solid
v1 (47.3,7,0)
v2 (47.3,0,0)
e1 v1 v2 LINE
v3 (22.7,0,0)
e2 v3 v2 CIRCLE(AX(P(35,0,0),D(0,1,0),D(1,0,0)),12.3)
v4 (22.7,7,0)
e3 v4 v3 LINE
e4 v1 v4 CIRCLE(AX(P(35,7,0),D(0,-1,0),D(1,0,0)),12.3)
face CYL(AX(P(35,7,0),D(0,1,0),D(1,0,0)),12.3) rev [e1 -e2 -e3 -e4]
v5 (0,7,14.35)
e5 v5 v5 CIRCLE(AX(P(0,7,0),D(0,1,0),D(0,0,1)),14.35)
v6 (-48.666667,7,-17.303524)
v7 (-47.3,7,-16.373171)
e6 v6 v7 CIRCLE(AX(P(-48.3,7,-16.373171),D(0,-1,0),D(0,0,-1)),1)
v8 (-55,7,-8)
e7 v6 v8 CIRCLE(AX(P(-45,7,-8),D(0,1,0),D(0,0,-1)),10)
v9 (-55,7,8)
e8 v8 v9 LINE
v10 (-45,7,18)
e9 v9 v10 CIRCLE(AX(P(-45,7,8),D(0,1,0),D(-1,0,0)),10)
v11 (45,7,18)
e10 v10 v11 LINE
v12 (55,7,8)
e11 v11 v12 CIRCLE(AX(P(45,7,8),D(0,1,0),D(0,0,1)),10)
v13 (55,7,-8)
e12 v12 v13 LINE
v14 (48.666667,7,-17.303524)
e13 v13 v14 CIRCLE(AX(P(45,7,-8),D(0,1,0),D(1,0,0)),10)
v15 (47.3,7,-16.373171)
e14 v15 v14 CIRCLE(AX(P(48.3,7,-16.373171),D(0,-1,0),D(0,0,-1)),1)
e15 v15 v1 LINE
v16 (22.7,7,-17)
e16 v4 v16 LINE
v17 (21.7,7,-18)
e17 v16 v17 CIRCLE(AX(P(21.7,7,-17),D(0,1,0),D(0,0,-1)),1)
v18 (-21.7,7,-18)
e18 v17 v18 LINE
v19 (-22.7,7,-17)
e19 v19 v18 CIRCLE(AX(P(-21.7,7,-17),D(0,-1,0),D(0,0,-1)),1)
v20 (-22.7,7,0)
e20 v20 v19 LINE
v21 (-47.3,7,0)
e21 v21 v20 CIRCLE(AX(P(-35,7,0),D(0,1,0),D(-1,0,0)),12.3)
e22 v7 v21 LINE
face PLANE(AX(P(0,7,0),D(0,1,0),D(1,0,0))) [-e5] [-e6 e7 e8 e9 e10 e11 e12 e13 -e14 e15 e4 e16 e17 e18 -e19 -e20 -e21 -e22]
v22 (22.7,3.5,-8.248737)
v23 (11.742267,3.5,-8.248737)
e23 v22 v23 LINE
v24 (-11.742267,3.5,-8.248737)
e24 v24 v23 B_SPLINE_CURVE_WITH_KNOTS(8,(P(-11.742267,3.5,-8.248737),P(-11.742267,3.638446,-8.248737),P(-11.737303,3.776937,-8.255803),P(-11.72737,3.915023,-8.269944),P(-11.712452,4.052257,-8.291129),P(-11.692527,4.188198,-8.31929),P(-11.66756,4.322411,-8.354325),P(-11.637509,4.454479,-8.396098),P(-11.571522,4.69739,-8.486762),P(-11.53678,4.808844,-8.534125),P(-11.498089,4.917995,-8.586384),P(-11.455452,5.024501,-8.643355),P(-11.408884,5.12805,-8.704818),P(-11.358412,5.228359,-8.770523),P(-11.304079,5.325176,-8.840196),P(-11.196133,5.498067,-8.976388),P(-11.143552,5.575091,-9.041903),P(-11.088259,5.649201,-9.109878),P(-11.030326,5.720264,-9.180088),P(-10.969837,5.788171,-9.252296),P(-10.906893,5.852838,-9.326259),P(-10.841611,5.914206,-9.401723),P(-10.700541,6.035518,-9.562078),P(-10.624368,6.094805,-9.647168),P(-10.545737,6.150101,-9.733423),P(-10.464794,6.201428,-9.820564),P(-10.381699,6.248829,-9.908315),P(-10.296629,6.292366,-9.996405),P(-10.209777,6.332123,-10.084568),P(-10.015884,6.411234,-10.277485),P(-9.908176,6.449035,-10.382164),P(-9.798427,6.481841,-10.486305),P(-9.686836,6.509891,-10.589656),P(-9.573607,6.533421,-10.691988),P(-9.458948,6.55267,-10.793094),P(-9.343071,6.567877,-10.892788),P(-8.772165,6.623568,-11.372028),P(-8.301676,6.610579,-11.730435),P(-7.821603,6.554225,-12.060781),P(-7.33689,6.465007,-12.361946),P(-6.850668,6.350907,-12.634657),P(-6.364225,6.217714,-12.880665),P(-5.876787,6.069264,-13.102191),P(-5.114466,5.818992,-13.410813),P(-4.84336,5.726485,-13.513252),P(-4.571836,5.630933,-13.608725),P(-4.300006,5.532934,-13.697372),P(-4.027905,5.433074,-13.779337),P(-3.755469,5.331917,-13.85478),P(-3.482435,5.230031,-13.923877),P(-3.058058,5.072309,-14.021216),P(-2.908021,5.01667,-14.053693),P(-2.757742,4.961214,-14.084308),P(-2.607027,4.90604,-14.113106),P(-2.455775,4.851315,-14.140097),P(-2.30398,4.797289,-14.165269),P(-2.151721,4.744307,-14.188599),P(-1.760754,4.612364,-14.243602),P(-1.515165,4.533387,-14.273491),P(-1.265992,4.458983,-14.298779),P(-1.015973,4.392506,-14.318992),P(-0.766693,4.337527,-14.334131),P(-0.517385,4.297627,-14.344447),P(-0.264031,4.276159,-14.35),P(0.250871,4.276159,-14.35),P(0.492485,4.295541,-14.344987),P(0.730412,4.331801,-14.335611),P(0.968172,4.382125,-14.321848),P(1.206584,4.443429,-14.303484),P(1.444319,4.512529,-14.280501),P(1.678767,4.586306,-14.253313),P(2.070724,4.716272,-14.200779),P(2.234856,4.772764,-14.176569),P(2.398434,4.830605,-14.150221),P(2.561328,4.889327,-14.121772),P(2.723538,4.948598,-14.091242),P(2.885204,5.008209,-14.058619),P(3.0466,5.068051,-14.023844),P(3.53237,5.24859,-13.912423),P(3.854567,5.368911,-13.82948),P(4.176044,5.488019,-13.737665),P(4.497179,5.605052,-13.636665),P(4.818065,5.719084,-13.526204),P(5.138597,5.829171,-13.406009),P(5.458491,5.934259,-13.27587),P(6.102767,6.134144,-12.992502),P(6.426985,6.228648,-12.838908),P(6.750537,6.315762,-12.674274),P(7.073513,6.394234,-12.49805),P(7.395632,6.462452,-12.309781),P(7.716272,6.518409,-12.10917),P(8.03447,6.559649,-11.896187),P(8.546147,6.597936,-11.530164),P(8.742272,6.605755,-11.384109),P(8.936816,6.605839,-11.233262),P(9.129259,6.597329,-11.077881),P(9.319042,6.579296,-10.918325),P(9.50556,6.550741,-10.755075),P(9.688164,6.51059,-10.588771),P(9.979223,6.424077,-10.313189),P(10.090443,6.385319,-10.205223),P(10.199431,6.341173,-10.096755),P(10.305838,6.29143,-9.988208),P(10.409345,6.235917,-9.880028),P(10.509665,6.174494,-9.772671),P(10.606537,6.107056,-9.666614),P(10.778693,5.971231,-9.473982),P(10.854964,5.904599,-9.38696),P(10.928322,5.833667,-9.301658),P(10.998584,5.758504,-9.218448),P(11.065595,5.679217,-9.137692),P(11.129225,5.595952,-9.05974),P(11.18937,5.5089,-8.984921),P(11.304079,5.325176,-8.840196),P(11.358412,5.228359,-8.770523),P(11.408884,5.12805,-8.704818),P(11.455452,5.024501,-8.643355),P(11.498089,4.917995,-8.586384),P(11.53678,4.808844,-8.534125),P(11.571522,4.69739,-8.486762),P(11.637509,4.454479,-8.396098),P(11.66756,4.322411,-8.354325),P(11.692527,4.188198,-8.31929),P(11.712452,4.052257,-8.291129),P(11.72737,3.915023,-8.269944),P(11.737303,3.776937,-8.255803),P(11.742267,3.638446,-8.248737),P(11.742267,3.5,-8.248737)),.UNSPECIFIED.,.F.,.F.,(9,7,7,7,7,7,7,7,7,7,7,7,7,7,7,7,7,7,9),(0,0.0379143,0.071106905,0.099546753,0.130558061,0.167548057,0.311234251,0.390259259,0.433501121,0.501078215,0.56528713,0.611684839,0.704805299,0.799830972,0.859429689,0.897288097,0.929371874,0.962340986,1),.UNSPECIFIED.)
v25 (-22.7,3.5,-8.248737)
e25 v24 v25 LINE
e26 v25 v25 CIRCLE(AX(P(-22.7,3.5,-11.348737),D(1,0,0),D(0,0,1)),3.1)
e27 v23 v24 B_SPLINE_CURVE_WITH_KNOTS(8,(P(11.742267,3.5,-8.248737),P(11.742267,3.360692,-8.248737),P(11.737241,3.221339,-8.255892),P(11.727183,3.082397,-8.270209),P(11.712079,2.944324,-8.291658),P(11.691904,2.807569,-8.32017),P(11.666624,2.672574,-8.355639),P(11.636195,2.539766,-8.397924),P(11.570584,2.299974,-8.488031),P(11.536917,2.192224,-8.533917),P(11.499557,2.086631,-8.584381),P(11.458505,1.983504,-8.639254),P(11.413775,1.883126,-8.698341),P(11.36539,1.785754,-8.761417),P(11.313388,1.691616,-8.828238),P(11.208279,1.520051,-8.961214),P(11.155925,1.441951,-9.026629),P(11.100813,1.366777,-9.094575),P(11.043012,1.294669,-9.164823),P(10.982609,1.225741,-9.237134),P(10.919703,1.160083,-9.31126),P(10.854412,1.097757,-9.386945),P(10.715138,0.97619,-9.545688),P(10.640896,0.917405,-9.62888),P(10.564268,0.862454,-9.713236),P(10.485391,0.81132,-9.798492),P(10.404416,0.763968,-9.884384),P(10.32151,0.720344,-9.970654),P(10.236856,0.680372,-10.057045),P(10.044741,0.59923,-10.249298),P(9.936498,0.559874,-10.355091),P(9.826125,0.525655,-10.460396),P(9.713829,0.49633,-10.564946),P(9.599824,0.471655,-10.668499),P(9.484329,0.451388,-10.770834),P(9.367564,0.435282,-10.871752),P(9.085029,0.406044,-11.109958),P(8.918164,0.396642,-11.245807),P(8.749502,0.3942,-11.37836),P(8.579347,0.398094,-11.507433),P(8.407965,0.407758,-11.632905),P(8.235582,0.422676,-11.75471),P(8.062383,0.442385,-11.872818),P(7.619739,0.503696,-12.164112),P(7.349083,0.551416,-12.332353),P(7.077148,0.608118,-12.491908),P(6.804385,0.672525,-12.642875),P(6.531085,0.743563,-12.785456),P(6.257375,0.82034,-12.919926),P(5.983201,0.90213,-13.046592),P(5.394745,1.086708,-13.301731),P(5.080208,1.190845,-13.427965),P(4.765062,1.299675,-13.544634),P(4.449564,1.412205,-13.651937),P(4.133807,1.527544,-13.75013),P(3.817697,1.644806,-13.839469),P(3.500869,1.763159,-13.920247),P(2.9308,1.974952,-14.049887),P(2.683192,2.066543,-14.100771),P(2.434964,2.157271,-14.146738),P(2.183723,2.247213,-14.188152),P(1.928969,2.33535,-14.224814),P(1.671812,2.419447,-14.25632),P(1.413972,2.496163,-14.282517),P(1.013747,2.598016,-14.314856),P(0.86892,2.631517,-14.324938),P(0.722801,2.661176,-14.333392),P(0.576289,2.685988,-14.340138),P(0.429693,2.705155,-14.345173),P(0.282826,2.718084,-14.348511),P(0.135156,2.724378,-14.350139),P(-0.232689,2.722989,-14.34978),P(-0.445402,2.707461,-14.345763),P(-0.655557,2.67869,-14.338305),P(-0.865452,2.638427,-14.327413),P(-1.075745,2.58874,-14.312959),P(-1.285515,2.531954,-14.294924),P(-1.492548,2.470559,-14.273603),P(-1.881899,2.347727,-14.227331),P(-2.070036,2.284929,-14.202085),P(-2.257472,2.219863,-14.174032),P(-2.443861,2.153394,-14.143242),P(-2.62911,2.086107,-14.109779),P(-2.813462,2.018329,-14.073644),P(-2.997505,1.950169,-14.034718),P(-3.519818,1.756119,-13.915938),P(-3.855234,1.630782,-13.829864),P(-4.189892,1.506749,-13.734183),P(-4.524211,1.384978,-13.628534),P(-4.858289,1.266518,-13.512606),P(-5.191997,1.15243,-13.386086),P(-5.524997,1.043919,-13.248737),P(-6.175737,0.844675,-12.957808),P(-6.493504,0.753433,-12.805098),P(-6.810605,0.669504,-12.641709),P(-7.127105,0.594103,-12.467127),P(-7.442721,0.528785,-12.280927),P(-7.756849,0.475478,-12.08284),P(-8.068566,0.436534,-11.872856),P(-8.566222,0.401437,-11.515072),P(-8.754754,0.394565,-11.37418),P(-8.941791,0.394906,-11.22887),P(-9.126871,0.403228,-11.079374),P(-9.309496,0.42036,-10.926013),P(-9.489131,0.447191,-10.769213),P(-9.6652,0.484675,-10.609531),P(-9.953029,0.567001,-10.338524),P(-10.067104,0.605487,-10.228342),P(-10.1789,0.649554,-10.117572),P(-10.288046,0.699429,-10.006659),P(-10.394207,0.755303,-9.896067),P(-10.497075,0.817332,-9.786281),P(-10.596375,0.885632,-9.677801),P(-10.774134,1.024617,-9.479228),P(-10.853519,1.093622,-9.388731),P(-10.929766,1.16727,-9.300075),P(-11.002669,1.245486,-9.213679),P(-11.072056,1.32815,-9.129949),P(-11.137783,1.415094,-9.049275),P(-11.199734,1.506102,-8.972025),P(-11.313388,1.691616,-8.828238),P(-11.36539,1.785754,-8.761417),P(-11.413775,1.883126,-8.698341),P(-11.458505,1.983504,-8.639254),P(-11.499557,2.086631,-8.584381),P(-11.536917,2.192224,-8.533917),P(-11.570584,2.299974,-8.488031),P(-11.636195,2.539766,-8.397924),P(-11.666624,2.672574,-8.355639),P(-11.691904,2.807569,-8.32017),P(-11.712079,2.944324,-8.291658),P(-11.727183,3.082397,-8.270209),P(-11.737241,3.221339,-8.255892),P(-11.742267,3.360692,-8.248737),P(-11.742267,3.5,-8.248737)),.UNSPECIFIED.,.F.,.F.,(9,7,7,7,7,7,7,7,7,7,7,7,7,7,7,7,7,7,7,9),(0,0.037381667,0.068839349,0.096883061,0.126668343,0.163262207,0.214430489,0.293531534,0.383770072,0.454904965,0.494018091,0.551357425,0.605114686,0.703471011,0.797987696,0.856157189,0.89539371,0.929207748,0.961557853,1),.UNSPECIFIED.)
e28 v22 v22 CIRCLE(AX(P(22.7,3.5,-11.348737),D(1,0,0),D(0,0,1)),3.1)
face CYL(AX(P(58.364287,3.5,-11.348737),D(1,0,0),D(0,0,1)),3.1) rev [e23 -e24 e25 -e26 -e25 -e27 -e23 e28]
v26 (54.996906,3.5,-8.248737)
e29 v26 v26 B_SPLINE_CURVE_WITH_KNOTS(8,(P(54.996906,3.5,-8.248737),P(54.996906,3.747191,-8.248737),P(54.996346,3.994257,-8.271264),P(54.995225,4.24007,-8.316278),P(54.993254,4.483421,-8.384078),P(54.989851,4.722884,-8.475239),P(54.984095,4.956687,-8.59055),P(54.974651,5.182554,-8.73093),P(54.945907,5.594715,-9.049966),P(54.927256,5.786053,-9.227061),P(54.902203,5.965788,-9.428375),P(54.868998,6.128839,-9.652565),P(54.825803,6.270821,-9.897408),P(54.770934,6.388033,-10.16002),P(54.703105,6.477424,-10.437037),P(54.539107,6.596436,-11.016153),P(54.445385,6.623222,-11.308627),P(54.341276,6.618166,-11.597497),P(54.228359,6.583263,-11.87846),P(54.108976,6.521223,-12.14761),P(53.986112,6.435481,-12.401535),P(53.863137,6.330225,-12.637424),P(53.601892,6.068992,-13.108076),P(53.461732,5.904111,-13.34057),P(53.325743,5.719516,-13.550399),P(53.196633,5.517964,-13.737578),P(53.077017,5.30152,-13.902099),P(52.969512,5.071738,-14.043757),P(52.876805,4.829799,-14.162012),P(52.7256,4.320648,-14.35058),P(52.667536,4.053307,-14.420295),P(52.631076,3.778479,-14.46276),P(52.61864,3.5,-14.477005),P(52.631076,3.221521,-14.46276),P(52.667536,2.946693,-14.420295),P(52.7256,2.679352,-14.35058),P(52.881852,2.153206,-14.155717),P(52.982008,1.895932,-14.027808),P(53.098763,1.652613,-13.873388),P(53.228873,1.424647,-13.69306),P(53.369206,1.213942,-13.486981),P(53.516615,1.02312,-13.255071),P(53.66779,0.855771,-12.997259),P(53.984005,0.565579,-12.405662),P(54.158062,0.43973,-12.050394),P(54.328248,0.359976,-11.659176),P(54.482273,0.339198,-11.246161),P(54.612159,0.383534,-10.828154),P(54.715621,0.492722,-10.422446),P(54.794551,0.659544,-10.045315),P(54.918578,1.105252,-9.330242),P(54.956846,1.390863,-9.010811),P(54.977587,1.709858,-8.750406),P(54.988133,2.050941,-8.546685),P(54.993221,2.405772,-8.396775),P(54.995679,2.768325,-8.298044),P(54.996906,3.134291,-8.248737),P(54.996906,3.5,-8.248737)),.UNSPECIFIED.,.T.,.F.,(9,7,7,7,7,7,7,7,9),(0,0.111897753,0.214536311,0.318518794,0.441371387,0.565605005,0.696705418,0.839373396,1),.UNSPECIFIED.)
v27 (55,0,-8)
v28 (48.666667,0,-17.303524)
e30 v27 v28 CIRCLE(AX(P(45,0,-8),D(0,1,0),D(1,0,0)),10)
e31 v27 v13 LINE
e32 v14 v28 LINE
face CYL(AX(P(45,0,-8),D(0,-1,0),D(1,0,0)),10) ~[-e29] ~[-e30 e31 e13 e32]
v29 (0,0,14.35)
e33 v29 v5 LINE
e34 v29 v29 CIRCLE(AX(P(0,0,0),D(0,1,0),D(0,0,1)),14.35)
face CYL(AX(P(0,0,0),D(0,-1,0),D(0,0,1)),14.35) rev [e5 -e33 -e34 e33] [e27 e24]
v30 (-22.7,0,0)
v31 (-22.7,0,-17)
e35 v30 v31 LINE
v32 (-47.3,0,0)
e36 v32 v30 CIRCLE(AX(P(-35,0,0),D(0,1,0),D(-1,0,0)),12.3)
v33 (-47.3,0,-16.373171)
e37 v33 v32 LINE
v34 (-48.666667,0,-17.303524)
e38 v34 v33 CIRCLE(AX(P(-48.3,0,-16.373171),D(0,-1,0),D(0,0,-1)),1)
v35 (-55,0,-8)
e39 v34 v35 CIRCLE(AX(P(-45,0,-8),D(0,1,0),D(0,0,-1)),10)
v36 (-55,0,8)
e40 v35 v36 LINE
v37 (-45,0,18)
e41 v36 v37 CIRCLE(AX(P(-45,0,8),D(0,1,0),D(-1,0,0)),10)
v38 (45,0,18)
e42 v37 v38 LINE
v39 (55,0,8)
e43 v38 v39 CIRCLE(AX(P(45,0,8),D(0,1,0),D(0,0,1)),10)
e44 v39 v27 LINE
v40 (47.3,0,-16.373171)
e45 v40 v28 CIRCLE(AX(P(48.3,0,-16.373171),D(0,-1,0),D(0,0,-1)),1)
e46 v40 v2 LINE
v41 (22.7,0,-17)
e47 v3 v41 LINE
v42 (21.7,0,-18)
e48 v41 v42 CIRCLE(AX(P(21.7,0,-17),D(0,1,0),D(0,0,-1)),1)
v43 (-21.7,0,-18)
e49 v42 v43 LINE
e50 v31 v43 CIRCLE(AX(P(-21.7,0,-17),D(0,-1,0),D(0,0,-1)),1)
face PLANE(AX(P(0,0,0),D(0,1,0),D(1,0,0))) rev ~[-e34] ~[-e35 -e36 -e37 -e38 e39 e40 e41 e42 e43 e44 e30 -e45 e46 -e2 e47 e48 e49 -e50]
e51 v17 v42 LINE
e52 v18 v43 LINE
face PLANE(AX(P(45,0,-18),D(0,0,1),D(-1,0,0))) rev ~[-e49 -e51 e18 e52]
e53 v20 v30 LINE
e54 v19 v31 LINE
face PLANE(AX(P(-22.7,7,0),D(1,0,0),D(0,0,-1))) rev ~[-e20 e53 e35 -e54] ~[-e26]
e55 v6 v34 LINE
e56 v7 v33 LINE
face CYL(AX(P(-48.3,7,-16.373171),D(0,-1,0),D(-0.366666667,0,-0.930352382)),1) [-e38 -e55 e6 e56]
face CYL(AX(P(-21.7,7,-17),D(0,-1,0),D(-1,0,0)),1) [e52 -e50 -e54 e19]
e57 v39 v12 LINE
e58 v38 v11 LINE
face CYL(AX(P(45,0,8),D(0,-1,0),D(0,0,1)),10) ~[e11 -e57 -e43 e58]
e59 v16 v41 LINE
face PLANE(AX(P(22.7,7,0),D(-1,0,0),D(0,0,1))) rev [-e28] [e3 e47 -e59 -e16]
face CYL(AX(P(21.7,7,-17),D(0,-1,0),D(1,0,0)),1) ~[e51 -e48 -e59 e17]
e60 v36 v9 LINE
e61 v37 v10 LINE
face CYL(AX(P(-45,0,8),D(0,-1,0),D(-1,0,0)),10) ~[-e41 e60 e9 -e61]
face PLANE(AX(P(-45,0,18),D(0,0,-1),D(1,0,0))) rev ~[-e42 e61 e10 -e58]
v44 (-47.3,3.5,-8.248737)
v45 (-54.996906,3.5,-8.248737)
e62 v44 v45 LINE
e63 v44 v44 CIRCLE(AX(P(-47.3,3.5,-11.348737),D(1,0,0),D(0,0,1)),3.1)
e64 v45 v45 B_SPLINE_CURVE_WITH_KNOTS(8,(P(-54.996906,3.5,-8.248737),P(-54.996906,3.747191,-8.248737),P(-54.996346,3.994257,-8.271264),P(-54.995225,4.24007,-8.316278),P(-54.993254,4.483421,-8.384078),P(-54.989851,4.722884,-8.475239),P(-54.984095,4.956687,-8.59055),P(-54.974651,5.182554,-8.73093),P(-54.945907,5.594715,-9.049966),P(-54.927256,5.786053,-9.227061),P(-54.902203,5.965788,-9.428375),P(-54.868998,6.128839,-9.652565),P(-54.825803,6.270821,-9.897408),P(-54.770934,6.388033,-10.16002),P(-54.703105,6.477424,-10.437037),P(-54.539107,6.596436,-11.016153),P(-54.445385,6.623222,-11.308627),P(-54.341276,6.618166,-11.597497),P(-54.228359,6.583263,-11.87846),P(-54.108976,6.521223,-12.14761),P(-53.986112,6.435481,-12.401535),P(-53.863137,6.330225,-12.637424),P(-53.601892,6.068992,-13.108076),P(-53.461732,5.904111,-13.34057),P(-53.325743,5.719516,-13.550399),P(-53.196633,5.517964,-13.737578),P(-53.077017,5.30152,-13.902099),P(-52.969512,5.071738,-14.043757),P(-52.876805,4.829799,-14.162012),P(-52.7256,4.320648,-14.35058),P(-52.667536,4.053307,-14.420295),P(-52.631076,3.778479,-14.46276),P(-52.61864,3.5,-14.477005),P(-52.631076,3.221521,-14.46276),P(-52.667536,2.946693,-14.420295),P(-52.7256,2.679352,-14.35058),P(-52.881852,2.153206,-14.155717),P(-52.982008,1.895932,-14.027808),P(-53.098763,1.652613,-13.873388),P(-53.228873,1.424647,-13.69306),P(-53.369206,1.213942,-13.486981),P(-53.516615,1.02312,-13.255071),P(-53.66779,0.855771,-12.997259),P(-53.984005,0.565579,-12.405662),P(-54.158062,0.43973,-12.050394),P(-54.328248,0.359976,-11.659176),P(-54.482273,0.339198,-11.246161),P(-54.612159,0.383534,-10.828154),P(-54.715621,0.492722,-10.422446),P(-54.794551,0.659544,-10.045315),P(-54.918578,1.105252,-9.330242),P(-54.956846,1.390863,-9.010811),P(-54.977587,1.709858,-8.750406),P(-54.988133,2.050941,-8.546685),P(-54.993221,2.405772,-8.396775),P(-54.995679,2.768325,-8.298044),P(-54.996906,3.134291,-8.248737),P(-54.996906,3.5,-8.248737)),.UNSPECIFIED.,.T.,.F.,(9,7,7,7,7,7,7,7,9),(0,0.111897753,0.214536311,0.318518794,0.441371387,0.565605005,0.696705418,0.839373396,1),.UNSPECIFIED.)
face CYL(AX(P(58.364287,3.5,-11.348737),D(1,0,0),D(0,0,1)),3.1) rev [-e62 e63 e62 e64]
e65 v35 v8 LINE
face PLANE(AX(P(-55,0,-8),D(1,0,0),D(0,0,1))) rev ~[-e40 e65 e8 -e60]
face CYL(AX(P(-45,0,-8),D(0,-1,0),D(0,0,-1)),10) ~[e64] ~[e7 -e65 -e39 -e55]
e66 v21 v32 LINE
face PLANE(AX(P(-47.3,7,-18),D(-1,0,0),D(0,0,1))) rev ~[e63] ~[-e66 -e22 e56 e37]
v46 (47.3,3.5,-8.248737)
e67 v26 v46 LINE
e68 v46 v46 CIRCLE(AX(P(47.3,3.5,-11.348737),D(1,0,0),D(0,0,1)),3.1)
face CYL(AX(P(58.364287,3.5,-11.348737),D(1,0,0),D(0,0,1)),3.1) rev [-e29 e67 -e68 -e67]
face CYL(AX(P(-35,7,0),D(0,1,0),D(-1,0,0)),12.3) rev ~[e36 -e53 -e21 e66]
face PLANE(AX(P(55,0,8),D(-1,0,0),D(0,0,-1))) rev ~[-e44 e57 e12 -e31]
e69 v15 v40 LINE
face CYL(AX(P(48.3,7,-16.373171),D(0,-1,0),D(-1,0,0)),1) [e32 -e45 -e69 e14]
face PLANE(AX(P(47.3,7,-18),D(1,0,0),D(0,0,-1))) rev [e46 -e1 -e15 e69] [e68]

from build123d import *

# Parameters (mm, degrees)
SKETCH1_R               = 14.35
BOSS_EXTRUDE1_DEPTH     = 7
CUT_EXTRUDE1_DEPTH      = 10
CUT_EXTRUDE2_DEPTH      = 81.06428667
CUT_EXTRUDE2_DEPTH_BACK = 81.06428667
SKETCH3_R               = 3.1
FILLET2_R               = 1
FILLET3_R               = 1
FILLET5_R               = 1
FILLET7_R               = 1


with BuildPart() as part:
    # Sketch1 → Boss-Extrude1 (new body)
    with BuildSketch(Plane(origin=(0, 0, 0), x_dir=(1, 0, 0), z_dir=(0, 1, 0))):
        with BuildLine():
            Line((-45, -18), (45, -18))
            ThreePointArc((45, -18), (52.071067812, -15.071067812), (55, -8))
            Line((55, -8), (55, 8))
            ThreePointArc((55, 8), (52.071067812, 15.071067812), (45, 18))
            Line((45, 18), (-45, 18))
            ThreePointArc((-45, 18), (-52.071067812, 15.071067812), (-55, 8))
            Line((-55, 8), (-55, -8))
            ThreePointArc((-55, -8), (-52.071067812, -15.071067812), (-45, -18))
        make_face()
        with Locations(Location((0, 0, 0), (0, 0, 270))):
            Circle(SKETCH1_R, mode=Mode.SUBTRACT)
    extrude(amount=BOSS_EXTRUDE1_DEPTH)

    # Sketch2 → Cut-Extrude1 (cut)
    with BuildSketch(Plane(origin=(0, 7, 0), x_dir=(1, 0, 0), z_dir=(0, 1, 0))):
        with BuildLine():
            Line((-22.7, 0), (-22.7, 18))
            Line((-22.7, 18), (-47.3, 18))
            Line((-47.3, 18), (-47.3, 0))
            ThreePointArc((-47.3, 0), (-35, -12.3), (-22.7, 0))
        make_face()
    cut_extrude1 = extrude(amount=-CUT_EXTRUDE1_DEPTH, mode=Mode.SUBTRACT)

    # Sketch3 → Cut-Extrude2 (cut, two sides: drawn at the far end of the back side and taken through both)
    with BuildSketch(Plane.ZY.offset(22.7).offset(-CUT_EXTRUDE2_DEPTH_BACK)):
        with Locations((-11.34873736, 3.5)):
            Circle(SKETCH3_R)
    extrude(amount=CUT_EXTRUDE2_DEPTH + CUT_EXTRUDE2_DEPTH_BACK, mode=Mode.SUBTRACT)

    # Fillet2
    fillet2_edges = [part.edges().sort_by_distance(p)[0] for p in [
        (-47.3, 3.5, -17.731906288),
    ]]
    fillet(fillet2_edges, radius=FILLET2_R)

    # Fillet3
    fillet3_edges = [part.edges().sort_by_distance(p)[0] for p in [
        (-22.7, 3.5, -18),
    ]]
    fillet(fillet3_edges, radius=FILLET3_R)

    # Mirror5: Cut-Extrude1 across plane
    add(cut_extrude1.mirror(Plane.ZY), mode=Mode.SUBTRACT)

    # Fillet5
    fillet5_edges = [part.edges().sort_by_distance(p)[0] for p in [
        (47.3, 3.5, -17.731906288),
    ]]
    fillet(fillet5_edges, radius=FILLET5_R)

    # Fillet7
    fillet7_edges = [part.edges().sort_by_distance(p)[0] for p in [
        (22.7, 3.5, -18),
    ]]
    fillet(fillet7_edges, radius=FILLET7_R)


solid = part.part
